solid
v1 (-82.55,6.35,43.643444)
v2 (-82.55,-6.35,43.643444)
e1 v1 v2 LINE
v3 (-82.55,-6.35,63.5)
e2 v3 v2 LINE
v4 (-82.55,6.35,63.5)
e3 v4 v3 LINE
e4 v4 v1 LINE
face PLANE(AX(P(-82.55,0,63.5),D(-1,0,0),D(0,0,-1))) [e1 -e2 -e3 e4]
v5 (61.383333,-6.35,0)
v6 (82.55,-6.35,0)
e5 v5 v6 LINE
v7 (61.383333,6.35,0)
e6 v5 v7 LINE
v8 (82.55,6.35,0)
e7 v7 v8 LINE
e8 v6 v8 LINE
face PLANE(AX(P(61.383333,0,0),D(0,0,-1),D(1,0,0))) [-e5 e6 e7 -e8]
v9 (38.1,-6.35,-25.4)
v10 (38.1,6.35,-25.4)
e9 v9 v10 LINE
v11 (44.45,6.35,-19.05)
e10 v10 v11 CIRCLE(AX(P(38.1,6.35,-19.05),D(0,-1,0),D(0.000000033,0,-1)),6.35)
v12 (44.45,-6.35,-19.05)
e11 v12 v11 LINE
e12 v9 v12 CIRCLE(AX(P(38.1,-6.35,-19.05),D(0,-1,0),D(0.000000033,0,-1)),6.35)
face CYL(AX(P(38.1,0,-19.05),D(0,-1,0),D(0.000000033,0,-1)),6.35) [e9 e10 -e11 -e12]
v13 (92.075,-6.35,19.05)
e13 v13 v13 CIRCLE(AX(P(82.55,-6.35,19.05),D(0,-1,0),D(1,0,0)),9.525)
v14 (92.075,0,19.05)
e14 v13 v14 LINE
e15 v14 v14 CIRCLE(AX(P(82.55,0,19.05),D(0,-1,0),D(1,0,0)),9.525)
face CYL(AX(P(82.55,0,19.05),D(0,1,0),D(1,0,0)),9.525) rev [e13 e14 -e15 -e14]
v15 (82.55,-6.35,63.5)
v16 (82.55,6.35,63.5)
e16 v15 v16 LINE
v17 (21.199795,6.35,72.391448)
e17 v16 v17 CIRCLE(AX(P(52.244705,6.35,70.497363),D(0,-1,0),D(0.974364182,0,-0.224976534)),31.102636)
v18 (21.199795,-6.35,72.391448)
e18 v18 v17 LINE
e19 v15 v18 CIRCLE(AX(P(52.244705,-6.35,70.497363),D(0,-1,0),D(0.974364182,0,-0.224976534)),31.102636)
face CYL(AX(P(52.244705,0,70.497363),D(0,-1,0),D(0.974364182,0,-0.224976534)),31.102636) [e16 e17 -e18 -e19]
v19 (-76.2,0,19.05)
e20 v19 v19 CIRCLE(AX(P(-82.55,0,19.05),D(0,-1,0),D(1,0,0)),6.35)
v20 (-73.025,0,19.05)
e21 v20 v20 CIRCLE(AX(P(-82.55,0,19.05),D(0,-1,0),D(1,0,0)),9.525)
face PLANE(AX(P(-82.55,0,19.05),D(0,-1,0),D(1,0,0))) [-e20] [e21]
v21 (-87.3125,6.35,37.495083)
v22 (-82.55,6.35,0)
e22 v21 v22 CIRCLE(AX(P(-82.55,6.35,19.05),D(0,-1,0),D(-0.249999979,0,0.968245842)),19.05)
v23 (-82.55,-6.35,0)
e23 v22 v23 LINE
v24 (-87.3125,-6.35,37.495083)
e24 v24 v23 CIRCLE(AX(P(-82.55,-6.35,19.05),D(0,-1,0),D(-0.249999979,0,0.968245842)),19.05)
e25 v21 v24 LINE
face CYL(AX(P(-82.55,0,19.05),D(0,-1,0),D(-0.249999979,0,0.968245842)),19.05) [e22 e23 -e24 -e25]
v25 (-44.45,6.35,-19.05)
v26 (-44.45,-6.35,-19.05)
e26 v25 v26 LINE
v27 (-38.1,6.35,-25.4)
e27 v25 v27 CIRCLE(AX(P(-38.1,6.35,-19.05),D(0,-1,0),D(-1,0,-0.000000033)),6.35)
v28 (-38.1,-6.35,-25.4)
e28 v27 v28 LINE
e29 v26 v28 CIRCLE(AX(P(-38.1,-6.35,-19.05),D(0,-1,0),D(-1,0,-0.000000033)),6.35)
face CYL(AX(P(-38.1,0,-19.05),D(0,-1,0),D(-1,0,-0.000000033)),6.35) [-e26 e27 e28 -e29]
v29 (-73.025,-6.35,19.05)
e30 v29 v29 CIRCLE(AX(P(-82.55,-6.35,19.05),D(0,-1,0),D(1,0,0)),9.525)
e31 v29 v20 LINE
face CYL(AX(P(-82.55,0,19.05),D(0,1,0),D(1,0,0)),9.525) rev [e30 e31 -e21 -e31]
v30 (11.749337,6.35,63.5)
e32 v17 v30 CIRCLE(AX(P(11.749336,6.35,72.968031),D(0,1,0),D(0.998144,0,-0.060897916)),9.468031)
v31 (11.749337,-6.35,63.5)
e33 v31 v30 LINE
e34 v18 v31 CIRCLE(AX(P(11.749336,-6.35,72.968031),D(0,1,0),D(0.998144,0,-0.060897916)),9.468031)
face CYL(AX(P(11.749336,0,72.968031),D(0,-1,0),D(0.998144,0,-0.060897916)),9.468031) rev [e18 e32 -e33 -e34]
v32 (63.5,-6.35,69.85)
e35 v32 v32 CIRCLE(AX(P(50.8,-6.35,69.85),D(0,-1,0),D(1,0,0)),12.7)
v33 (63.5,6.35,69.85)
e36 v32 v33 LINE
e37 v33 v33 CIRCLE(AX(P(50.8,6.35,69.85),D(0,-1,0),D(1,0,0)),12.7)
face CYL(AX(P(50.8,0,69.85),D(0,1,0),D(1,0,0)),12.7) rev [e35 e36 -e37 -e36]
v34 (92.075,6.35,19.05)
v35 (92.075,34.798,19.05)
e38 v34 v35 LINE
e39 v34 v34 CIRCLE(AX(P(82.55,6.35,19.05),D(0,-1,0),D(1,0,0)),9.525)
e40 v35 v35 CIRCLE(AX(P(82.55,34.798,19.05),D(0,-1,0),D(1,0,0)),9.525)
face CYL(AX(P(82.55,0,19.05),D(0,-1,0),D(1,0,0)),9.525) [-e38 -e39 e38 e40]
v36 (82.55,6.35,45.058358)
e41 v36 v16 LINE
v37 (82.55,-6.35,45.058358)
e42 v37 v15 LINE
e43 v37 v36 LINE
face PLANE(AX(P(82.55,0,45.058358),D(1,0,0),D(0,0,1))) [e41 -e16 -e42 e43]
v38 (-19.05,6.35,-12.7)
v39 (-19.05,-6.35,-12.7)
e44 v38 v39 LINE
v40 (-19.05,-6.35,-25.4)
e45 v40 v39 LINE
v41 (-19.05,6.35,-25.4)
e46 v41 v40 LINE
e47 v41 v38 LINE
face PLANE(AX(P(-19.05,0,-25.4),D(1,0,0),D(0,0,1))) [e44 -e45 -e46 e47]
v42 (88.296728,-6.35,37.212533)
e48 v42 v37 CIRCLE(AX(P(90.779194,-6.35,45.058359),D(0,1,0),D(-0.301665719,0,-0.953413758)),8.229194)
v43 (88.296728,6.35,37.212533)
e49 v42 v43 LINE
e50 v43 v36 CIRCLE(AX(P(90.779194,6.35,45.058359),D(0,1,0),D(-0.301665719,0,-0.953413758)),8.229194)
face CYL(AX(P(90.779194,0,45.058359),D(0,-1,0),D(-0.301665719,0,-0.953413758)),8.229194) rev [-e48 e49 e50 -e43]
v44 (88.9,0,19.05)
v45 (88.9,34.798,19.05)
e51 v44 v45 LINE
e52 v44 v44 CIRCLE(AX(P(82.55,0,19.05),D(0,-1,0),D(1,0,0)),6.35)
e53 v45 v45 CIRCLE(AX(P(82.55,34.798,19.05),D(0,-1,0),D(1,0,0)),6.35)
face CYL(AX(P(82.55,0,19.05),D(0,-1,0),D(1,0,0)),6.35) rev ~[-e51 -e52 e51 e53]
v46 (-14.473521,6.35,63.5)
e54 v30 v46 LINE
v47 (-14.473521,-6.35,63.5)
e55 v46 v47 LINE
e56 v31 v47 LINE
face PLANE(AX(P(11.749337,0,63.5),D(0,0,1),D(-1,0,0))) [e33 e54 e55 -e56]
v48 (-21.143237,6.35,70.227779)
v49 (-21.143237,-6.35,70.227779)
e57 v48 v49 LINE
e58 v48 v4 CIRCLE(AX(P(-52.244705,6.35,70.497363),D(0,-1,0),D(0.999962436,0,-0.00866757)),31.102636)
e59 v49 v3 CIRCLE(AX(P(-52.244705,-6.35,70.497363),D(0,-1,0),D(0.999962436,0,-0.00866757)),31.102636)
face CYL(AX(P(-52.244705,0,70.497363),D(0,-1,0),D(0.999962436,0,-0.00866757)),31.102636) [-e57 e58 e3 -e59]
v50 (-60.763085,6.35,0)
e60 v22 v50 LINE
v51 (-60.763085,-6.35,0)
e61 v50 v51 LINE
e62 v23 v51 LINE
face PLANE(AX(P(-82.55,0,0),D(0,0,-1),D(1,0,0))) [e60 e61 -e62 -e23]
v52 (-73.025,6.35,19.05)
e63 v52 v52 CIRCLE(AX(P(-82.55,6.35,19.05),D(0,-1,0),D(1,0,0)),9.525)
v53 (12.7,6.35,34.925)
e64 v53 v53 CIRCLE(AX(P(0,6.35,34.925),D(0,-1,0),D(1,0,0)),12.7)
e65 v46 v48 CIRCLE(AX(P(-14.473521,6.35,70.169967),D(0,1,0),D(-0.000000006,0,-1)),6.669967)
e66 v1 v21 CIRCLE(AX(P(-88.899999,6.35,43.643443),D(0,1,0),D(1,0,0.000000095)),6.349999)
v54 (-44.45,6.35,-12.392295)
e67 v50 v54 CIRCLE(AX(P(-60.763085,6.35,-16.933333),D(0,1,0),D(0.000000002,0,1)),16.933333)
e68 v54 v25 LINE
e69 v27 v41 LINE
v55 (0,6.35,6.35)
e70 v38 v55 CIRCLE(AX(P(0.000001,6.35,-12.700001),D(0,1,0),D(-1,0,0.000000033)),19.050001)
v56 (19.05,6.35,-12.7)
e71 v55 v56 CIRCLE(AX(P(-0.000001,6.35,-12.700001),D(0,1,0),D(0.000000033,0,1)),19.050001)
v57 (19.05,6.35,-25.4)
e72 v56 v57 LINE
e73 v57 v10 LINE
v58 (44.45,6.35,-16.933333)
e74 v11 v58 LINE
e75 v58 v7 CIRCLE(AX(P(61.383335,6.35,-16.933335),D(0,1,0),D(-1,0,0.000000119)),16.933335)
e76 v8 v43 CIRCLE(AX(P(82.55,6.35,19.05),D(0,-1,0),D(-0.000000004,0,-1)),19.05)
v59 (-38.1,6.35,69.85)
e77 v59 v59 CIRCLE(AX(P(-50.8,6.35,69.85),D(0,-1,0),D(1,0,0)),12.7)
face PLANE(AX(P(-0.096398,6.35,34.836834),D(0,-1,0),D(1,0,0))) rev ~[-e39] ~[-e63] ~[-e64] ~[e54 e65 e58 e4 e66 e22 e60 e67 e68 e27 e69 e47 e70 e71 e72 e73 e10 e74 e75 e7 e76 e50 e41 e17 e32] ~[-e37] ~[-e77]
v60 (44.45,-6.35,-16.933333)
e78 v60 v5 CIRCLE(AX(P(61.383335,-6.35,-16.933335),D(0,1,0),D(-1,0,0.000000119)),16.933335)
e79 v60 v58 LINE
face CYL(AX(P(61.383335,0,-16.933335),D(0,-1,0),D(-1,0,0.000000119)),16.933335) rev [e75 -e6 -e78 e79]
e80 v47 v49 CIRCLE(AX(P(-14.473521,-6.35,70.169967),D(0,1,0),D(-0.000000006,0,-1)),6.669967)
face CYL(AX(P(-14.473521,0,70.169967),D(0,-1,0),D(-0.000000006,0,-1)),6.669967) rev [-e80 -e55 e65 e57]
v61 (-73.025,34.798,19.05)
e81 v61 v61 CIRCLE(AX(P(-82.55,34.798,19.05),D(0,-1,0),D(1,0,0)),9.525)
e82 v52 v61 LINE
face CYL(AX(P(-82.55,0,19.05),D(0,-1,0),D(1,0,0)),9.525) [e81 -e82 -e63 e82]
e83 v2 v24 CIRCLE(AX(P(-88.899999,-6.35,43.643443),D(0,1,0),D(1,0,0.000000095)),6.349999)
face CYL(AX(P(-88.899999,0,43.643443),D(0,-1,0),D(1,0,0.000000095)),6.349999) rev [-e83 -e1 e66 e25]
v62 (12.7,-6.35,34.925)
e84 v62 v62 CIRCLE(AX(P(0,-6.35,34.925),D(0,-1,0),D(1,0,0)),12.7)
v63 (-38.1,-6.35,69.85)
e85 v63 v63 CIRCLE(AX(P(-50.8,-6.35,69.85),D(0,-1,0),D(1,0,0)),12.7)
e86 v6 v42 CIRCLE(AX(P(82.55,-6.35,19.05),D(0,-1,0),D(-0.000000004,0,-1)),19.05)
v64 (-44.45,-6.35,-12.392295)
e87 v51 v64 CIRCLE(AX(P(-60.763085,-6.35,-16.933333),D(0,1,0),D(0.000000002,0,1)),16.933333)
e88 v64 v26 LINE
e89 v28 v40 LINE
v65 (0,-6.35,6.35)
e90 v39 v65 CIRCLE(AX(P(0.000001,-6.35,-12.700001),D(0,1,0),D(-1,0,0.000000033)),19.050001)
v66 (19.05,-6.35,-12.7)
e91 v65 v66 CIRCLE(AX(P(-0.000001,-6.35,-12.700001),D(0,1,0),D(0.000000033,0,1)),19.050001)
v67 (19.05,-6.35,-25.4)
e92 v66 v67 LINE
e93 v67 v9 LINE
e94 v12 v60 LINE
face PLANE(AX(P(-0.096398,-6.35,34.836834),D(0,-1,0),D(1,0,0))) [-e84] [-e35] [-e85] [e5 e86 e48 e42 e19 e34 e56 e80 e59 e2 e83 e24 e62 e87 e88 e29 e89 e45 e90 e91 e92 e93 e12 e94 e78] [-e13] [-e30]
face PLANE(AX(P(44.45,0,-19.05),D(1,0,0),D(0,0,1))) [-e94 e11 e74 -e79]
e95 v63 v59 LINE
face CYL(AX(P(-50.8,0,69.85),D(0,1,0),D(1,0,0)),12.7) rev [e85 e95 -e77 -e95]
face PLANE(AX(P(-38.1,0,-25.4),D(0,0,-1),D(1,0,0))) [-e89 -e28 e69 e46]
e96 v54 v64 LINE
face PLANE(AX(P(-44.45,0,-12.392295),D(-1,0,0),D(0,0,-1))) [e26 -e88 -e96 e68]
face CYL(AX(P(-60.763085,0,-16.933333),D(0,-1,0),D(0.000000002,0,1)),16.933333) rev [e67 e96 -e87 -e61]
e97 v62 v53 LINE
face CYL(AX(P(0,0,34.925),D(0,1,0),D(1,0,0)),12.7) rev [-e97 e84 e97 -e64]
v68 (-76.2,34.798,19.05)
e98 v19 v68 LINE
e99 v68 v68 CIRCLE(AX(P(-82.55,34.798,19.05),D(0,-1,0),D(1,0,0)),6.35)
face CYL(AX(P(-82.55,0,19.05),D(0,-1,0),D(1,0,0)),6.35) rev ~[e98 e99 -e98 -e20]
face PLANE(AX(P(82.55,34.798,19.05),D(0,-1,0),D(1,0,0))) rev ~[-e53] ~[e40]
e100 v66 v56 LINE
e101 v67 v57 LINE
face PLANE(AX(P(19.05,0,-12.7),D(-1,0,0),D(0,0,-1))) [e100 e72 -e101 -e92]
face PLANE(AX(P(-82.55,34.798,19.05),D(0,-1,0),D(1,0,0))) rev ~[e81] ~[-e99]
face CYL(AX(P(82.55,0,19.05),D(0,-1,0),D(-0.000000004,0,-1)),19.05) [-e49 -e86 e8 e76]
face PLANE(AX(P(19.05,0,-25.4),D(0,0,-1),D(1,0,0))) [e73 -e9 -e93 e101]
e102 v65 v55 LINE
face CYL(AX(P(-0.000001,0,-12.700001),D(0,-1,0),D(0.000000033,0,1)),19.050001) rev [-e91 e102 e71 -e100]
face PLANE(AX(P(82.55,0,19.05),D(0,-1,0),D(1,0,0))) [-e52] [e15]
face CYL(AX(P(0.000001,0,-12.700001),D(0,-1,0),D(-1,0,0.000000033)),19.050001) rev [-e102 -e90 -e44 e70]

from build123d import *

# Parameters (mm, degrees)
F0_R     = 9.525
F0_R_2   = 12.7
F1_DEPTH = 6.35
F0_R_3   = 6.35
F2_DEPTH = 34.798


with BuildPart() as f1:
    # F0 (on Front) → F1 (new body, symmetric)
    with BuildSketch(Plane.XZ):
        with BuildLine():
            Line((11.749337, 63.5), (0, 63.5))
            Line((0, 63.5), (-14.473521, 63.5))
            ThreePointArc((-14.473521, 63.5), (-19.210295, 65.474072), (-21.143237, 70.227779))
            ThreePointArc((-21.143237, 70.227779), (-55.632068, 101.414992), (-82.55, 63.5))
            Line((-82.55, 63.5), (-82.55, 43.643444))
            ThreePointArc((-82.55, 43.643444), (-83.879884, 39.754879), (-87.3125, 37.495083))
            ThreePointArc((-87.3125, 37.495083), (-101.448166, 16.649618), (-82.55, 0))
            Line((-82.55, 0), (-60.763085, 0))
            ThreePointArc((-60.763085, 0), (-50.519969, -3.449404), (-44.45, -12.392295))
            Line((-44.45, -12.392295), (-44.45, -19.05))
            ThreePointArc((-44.45, -19.05), (-42.590128, -23.540128), (-38.1, -25.4))
            Line((-38.1, -25.4), (-19.05, -25.4))
            Line((-19.05, -25.4), (-19.05, -12.7))
            ThreePointArc((-19.05, -12.7), (-13.470384, 0.770384), (0, 6.35))
            ThreePointArc((0, 6.35), (13.470384, 0.770384), (19.05, -12.7))
            Line((19.05, -12.7), (19.05, -25.4))
            Line((19.05, -25.4), (38.1, -25.4))
            ThreePointArc((38.1, -25.4), (42.590128, -23.540128), (44.45, -19.05))
            Line((44.45, -19.05), (44.45, -16.933333))
            ThreePointArc((44.45, -16.933333), (49.409659, -4.959659), (61.383333, 0))
            Line((61.383333, 0), (82.55, 0))
            ThreePointArc((82.55, 0), (101.376826, 16.142575), (88.296728, 37.212533))
            ThreePointArc((88.296728, 37.212533), (84.140357, 40.195698), (82.55, 45.058358))
            Line((82.55, 45.058358), (82.55, 63.5))
            ThreePointArc((82.55, 63.5), (56.705784, 101.278409), (21.199795, 72.391448))
            ThreePointArc((21.199795, 72.391448), (18.237191, 66.072282), (11.749337, 63.5))
        make_face()
        with Locations((-82.55, 19.05)):
            Circle(F0_R, mode=Mode.SUBTRACT)
        with Locations((0, 34.925)):
            Circle(F0_R_2, mode=Mode.SUBTRACT)
        with Locations((82.55, 19.05)):
            Circle(F0_R, mode=Mode.SUBTRACT)
        with Locations((-50.8, 69.85)):
            Circle(F0_R_2, mode=Mode.SUBTRACT)
        with Locations((50.8, 69.85)):
            Circle(F0_R_2, mode=Mode.SUBTRACT)
    extrude(amount=F1_DEPTH, both=True)

    # F0 (on Front) → F2 (join)
    with BuildSketch(Plane.XZ):
        with Locations((82.55, 19.05)):
            Circle(F0_R)
        with Locations((82.55, 19.05)):
            Circle(F0_R_3, mode=Mode.SUBTRACT)
        with Locations((-82.55, 19.05)):
            Circle(F0_R)
        with Locations((-82.55, 19.05)):
            Circle(F0_R_3, mode=Mode.SUBTRACT)
    extrude(amount=-F2_DEPTH)


solid = f1.part
